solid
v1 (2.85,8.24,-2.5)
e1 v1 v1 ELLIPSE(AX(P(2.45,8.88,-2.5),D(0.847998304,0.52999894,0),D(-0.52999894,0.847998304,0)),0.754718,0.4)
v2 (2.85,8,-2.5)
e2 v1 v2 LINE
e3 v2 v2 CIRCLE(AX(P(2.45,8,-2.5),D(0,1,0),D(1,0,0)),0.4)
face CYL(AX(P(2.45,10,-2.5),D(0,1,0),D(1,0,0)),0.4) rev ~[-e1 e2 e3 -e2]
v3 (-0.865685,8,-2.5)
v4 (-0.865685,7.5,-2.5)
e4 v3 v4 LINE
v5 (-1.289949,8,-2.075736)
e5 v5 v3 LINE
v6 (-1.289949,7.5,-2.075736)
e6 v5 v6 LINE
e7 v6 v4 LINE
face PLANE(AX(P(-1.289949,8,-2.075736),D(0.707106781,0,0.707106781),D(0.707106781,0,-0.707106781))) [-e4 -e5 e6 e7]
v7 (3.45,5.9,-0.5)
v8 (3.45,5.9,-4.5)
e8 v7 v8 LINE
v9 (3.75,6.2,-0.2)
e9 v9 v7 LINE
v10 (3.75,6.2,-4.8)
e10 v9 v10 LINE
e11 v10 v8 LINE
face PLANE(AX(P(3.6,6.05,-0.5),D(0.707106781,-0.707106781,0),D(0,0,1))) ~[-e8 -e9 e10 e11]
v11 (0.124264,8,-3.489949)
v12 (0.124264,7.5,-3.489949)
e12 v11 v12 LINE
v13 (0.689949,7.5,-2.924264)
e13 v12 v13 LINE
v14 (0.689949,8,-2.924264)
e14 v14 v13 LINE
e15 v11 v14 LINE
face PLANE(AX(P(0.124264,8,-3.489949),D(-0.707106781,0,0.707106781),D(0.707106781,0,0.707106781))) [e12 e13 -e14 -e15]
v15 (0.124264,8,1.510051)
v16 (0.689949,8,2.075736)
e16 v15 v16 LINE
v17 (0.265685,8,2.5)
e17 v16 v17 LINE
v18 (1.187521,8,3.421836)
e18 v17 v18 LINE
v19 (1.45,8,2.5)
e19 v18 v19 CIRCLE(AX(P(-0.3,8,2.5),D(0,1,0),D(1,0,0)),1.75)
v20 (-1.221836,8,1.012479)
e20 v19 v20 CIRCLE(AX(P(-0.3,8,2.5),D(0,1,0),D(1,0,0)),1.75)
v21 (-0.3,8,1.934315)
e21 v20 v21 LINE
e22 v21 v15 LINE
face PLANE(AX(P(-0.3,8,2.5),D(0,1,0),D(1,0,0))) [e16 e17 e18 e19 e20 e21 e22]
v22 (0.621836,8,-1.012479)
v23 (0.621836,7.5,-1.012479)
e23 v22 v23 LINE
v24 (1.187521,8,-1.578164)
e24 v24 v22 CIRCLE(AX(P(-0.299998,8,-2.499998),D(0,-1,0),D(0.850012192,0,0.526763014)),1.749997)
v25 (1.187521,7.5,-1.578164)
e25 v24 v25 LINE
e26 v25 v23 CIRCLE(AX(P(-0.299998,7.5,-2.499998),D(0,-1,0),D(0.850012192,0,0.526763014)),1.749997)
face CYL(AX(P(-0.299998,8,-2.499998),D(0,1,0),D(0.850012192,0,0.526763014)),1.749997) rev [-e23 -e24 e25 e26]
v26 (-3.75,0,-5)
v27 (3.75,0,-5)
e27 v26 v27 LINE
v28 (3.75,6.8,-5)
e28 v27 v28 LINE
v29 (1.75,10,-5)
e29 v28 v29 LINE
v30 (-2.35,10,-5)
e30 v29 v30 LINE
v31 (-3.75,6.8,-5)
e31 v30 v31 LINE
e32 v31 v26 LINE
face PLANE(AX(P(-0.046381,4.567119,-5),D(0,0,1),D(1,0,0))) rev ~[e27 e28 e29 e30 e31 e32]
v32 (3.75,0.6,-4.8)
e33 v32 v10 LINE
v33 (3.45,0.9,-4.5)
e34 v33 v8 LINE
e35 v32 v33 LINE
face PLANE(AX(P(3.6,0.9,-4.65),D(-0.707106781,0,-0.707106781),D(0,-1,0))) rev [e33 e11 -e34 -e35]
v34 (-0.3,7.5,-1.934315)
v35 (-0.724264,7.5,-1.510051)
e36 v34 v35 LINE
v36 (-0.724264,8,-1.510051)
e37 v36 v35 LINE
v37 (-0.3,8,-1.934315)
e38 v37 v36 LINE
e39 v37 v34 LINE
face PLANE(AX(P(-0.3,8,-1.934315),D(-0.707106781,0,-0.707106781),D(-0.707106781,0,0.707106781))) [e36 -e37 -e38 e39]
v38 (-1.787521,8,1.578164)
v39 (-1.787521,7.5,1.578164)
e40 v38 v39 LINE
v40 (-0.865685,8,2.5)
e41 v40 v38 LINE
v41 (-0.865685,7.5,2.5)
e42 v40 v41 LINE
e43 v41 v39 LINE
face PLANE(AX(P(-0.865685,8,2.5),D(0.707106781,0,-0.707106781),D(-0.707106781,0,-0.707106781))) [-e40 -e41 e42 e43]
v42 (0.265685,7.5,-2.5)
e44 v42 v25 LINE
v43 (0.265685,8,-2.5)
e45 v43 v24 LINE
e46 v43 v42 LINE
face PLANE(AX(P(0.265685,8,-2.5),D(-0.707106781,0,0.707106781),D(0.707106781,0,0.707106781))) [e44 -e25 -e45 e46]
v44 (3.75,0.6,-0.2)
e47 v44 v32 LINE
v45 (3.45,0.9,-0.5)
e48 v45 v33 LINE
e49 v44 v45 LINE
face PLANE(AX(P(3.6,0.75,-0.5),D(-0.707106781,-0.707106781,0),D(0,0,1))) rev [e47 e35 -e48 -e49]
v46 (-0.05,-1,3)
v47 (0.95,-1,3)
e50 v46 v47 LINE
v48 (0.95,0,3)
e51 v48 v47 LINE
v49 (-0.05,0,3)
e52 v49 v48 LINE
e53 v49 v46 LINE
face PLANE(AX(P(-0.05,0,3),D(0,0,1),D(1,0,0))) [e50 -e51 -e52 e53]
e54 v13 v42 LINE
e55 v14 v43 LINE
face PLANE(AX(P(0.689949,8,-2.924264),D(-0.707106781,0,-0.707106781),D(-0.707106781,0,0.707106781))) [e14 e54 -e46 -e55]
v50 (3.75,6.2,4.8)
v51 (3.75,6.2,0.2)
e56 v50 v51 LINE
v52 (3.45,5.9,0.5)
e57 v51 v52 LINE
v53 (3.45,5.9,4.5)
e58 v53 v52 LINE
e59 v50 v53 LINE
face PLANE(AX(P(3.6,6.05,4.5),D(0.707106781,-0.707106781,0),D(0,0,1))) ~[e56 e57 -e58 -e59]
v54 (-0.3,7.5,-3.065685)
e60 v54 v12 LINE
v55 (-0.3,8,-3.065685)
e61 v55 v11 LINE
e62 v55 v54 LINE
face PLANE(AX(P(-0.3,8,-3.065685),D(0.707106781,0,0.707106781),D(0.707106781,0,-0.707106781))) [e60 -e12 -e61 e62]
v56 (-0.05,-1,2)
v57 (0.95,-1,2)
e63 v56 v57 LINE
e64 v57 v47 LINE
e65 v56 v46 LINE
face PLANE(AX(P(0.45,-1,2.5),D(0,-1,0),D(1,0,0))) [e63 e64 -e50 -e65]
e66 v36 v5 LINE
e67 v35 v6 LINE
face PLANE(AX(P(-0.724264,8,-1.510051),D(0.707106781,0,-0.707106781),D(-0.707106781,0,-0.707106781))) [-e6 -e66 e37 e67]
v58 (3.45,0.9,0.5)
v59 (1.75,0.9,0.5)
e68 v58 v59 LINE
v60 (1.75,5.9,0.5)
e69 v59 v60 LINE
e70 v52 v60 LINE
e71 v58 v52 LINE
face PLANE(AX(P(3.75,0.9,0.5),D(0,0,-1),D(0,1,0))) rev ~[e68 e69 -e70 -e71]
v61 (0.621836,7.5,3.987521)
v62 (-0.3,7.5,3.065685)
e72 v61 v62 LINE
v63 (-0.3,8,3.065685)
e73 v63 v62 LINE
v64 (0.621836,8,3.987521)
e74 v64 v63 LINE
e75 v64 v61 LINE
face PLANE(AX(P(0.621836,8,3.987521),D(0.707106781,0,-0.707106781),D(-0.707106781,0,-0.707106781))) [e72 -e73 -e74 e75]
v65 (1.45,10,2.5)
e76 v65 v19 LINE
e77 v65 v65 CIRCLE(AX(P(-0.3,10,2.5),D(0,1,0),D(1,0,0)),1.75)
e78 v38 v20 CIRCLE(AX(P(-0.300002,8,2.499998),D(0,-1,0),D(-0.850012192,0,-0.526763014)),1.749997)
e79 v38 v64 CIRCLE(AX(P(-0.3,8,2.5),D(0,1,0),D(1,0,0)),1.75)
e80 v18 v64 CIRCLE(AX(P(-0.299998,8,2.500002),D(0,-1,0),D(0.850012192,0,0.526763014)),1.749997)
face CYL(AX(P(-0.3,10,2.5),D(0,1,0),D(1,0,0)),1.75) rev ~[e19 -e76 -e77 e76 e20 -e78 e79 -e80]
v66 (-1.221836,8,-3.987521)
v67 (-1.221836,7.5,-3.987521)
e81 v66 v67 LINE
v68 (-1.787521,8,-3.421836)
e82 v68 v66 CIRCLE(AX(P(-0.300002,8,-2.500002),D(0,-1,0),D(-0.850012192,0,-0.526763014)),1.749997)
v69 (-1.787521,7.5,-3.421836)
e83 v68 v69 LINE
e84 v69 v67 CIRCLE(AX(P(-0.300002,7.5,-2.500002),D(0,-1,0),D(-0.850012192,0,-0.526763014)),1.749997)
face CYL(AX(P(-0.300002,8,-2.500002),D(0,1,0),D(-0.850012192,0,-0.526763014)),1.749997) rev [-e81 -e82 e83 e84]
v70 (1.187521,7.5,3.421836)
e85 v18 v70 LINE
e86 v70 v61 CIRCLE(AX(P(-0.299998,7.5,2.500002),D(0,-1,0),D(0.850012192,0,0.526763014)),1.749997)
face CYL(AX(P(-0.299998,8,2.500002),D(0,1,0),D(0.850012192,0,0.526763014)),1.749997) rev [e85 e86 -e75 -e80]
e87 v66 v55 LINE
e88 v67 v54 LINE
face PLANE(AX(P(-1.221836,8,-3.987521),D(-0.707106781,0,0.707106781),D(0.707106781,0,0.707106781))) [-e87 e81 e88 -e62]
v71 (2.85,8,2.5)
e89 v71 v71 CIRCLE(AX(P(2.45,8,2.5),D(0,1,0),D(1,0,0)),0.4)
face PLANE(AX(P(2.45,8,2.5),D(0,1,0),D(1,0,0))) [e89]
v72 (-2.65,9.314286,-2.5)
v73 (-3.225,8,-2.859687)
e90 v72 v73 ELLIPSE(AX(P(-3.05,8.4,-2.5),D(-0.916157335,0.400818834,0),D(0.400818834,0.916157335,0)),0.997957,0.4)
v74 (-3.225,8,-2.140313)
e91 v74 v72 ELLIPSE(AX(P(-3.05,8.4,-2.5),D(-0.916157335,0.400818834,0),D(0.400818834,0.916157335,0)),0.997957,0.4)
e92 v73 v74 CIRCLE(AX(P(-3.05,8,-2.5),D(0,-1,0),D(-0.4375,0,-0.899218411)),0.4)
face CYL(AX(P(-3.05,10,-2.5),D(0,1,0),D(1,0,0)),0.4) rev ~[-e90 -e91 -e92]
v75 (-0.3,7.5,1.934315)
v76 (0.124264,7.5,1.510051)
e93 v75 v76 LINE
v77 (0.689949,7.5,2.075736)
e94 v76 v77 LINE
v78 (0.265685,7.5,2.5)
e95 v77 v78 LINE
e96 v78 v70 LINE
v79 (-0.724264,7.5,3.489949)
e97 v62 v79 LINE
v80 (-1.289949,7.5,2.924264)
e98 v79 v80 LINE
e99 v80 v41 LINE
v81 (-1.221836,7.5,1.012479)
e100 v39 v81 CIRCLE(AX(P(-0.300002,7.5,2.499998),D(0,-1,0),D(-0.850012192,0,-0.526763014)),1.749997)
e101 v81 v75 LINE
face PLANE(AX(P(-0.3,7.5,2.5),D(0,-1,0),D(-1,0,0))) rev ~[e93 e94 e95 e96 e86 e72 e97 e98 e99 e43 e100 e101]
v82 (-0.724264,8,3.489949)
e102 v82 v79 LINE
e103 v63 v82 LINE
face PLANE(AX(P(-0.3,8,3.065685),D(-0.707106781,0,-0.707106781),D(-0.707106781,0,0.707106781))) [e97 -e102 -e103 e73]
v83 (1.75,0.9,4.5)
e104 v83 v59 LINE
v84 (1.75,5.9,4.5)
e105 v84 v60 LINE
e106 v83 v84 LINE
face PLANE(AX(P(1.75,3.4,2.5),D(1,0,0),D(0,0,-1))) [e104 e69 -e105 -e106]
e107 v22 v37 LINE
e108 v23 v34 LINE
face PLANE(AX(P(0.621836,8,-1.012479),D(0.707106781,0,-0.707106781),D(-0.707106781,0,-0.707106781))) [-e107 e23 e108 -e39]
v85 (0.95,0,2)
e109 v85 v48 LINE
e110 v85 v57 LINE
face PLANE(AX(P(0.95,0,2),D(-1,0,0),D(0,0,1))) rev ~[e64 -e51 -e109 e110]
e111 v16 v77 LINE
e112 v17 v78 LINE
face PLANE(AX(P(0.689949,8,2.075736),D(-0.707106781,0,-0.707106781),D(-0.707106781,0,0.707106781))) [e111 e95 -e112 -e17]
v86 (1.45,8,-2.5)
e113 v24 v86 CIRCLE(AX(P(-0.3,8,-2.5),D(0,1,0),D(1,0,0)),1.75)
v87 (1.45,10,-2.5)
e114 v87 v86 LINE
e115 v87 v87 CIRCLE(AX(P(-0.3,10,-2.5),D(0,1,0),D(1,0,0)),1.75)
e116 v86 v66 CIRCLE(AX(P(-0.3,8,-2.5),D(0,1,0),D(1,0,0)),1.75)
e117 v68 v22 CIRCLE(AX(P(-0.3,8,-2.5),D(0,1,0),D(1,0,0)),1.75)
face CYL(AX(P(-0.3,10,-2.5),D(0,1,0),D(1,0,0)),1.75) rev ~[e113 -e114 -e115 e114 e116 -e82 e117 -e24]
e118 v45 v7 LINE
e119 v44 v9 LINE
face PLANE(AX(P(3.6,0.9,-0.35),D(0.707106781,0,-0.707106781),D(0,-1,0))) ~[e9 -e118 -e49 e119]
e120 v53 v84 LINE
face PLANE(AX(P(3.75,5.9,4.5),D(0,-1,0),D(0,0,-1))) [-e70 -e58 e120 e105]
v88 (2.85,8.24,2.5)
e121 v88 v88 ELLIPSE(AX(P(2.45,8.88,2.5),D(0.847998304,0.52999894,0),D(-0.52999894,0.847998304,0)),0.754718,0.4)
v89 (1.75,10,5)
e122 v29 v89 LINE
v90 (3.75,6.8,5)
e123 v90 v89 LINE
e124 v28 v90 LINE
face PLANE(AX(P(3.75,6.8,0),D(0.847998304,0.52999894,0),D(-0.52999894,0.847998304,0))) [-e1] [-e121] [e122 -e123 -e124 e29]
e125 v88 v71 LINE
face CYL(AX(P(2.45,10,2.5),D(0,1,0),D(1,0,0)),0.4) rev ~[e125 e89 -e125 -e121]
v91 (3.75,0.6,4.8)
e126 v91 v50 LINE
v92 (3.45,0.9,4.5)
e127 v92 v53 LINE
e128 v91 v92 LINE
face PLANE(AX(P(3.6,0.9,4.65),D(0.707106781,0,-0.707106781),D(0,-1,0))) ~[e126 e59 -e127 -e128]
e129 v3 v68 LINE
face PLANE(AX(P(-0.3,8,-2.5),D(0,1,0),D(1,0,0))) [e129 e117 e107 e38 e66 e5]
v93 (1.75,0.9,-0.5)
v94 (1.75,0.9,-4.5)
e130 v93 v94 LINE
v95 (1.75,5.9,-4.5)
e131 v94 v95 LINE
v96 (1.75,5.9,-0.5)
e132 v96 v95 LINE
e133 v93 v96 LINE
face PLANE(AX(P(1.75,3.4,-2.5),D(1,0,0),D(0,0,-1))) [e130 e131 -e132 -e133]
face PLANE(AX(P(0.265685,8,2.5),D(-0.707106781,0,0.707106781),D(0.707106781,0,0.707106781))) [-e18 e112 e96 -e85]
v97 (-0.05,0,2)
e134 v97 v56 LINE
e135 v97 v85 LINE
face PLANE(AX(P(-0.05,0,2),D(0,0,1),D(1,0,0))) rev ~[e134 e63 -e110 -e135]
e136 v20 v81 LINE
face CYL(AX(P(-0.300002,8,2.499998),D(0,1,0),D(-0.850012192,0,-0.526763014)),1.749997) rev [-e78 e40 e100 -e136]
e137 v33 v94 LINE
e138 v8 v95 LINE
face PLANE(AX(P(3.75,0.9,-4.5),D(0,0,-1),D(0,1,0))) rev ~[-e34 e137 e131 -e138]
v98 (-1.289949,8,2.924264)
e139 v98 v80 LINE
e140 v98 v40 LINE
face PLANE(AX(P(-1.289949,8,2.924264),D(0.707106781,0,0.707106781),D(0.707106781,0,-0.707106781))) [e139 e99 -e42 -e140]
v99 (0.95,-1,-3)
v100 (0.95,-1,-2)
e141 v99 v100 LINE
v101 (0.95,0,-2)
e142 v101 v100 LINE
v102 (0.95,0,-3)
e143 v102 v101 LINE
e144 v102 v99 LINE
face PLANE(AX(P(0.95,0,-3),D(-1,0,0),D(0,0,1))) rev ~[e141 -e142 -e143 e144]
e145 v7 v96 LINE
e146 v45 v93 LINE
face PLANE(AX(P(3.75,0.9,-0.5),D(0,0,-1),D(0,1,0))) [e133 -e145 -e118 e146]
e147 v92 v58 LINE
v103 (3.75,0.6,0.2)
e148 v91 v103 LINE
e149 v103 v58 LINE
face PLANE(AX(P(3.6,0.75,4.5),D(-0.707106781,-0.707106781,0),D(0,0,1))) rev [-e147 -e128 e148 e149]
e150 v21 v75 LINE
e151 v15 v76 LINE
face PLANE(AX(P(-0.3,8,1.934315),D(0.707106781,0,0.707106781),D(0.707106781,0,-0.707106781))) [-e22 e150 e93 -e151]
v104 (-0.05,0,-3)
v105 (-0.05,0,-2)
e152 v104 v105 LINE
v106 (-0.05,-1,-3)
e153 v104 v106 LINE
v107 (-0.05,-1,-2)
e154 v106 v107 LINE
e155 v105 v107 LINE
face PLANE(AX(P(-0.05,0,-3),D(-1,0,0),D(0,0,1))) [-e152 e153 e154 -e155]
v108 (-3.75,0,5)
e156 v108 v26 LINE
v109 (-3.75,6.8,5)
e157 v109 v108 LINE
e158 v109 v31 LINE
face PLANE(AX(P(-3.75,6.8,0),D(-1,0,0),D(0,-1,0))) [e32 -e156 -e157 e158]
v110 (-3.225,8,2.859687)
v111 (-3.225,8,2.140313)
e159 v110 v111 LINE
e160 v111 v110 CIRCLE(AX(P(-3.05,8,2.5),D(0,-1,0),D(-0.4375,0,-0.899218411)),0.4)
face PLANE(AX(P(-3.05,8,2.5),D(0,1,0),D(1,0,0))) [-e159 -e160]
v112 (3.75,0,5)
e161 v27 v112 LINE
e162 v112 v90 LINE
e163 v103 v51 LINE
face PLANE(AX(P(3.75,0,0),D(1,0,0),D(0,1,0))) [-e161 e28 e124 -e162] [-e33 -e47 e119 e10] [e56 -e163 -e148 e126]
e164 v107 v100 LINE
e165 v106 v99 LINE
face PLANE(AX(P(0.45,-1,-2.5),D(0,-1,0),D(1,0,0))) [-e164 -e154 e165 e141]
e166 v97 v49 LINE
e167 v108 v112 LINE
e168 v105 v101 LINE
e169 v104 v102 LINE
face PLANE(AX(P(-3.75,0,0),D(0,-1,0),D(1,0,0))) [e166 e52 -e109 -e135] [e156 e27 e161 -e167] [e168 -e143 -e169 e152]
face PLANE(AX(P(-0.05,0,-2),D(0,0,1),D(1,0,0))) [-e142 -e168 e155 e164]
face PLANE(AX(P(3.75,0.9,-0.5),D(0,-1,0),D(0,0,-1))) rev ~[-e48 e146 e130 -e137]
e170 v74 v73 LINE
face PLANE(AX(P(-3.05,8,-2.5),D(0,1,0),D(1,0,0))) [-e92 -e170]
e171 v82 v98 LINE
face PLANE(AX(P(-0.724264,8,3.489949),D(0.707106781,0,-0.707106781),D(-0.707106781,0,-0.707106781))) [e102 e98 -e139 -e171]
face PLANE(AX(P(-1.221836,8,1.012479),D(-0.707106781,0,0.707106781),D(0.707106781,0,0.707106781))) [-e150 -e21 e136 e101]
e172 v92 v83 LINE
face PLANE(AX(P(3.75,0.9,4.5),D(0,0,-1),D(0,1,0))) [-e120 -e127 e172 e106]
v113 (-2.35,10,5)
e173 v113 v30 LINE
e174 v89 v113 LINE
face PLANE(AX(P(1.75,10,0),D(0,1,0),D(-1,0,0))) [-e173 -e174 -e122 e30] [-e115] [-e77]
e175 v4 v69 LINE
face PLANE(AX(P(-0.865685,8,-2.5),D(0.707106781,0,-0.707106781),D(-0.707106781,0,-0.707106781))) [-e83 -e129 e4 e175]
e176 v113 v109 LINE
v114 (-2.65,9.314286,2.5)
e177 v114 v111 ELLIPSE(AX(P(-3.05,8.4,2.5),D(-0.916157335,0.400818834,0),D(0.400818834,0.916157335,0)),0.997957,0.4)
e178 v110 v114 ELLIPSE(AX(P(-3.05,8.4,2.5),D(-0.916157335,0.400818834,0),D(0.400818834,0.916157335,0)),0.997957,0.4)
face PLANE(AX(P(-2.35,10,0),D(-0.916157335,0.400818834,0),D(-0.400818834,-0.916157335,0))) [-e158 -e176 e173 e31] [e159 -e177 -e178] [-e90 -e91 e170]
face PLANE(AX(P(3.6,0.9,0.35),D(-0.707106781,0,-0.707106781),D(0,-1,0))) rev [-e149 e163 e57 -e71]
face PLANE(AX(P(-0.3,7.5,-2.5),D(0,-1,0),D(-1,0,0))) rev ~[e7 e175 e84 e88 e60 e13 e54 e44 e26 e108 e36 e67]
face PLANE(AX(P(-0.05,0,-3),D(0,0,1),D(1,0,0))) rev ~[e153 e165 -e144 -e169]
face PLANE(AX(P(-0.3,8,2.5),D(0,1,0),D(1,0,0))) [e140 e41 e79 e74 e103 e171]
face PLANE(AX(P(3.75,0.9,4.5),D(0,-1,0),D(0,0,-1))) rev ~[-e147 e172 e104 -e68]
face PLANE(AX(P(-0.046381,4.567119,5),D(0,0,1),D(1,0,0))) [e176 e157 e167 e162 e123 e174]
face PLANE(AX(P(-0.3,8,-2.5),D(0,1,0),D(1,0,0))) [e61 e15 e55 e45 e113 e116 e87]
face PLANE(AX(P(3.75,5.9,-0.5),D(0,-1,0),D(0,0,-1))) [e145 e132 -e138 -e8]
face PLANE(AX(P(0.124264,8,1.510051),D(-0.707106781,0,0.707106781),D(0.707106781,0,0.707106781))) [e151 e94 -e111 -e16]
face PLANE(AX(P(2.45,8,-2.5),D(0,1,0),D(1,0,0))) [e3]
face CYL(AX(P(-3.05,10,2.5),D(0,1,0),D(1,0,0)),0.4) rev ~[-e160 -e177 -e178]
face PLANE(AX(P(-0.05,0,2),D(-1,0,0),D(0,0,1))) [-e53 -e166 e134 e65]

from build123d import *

# Parameters (mm, degrees)
BOSS_EXTRUDE1_DEPTH = 5
SKETCH2_W           = 1
SKETCH2_H           = 1
BOSS_EXTRUDE2_DEPTH = 1
SKETCH3_W           = 4
SKETCH3_H           = 5
CUT_EXTRUDE1_DEPTH  = 2
SKETCH4_R           = 1.75
SKETCH4_R_2         = 0.4
CUT_EXTRUDE2_DEPTH  = 2
CUT_EXTRUDE3_DEPTH  = 0.5
CHAMFER1_SIZE       = 0.3


with BuildPart() as part:
    # Sketch1 → Boss-Extrude1 (new body, symmetric)
    with BuildSketch(Plane.XY):
        Polygon((-3.75, 0), (3.75, 0), (3.75, 6.8), (1.75, 10), (-2.35, 10), (-3.75, 6.8), align=None)
    extrude(amount=BOSS_EXTRUDE1_DEPTH, both=True)

    # Sketch2 → Boss-Extrude2 (add)
    with BuildSketch(Plane.XZ):
        with Locations((0.45, 2.5)):
            Rectangle(SKETCH2_W, SKETCH2_H)
        with Locations((0.45, -2.5)):
            Rectangle(SKETCH2_W, SKETCH2_H)
    extrude(amount=BOSS_EXTRUDE2_DEPTH)

    # Sketch3 → Cut-Extrude1 (cut)
    with BuildSketch(Plane(origin=(3.75, 0, 0), x_dir=(0, 0, -1), z_dir=(1, 0, 0))):
        with Locations((-2.5, 3.4)):
            Rectangle(SKETCH3_W, SKETCH3_H)
        with Locations((2.5, 3.4)):
            Rectangle(SKETCH3_W, SKETCH3_H)
    extrude(amount=-CUT_EXTRUDE1_DEPTH, mode=Mode.SUBTRACT)

    # Sketch4 → Cut-Extrude2 (cut)
    with BuildSketch(Plane(origin=(0, 10, 0), x_dir=(1, 0, 0), z_dir=(0, 1, 0))):
        with Locations((-0.3, 2.5)):
            Circle(SKETCH4_R)
        with Locations((-0.3, -2.5)):
            Circle(SKETCH4_R)
        with Locations((2.45, 2.5)):
            Circle(SKETCH4_R_2)
        with Locations((2.45, -2.5)):
            Circle(SKETCH4_R_2)
        with Locations((-3.05, 2.5)):
            Circle(SKETCH4_R_2)
        with Locations((-3.05, -2.5)):
            Circle(SKETCH4_R_2)
    extrude(amount=-CUT_EXTRUDE2_DEPTH, mode=Mode.SUBTRACT)

    # Sketch5 → Cut-Extrude3 (cut)
    with BuildSketch(Plane(origin=(0, 8, 0), x_dir=(1, 0, 0), z_dir=(0, 1, 0))):
        with BuildLine():
            Line((-1.221836, -1.012479), (-0.3, -1.934315))
            Line((-0.3, -1.934315), (0.124264, -1.510051))
            Line((0.124264, -1.510051), (0.689949, -2.075736))
            Line((0.689949, -2.075736), (0.265685, -2.5))
            Line((0.265685, -2.5), (1.187521, -3.421836))
            ThreePointArc((1.187521, -3.421836), (0.937437, -3.737437), (0.621836, -3.987521))
            Line((0.621836, -3.987521), (-0.3, -3.065685))
            Line((-0.3, -3.065685), (-0.724264, -3.489949))
            Line((-0.724264, -3.489949), (-1.289949, -2.924264))
            Line((-1.289949, -2.924264), (-0.865685, -2.5))
            Line((-0.865685, -2.5), (-1.787521, -1.578164))
            ThreePointArc((-1.787521, -1.578164), (-1.537437, -1.262563), (-1.221836, -1.012479))
        make_face()
        with BuildLine():
            Line((-1.221836, 3.987521), (-0.3, 3.065685))
            Line((-0.3, 3.065685), (0.124264, 3.489949))
            Line((0.124264, 3.489949), (0.689949, 2.924264))
            Line((0.689949, 2.924264), (0.265685, 2.5))
            Line((0.265685, 2.5), (1.187521, 1.578164))
            ThreePointArc((1.187521, 1.578164), (0.937437, 1.262563), (0.621836, 1.012479))
            Line((0.621836, 1.012479), (-0.3, 1.934315))
            Line((-0.3, 1.934315), (-0.724264, 1.510051))
            Line((-0.724264, 1.510051), (-1.289949, 2.075736))
            Line((-1.289949, 2.075736), (-0.865685, 2.5))
            Line((-0.865685, 2.5), (-1.787521, 3.421836))
            ThreePointArc((-1.787521, 3.421836), (-1.537437, 3.737437), (-1.221836, 3.987521))
        make_face()
        with BuildLine():
            Line((-1.221836, -6.012479), (-0.3, -6.934315))
            Line((-0.3, -6.934315), (0.124264, -6.510051))
            Line((0.124264, -6.510051), (0.689949, -7.075736))
            Line((0.689949, -7.075736), (0.265685, -7.5))
            Line((0.265685, -7.5), (1.187521, -8.421836))
            ThreePointArc((1.187521, -8.421836), (0.937437, -8.737437), (0.621836, -8.987521))
            Line((0.621836, -8.987521), (-0.3, -8.065685))
            Line((-0.3, -8.065685), (-0.724264, -8.489949))
            Line((-0.724264, -8.489949), (-1.289949, -7.924264))
            Line((-1.289949, -7.924264), (-0.865685, -7.5))
            Line((-0.865685, -7.5), (-1.787521, -6.578164))
            ThreePointArc((-1.787521, -6.578164), (-1.537437, -6.262563), (-1.221836, -6.012479))
        make_face()
    extrude(amount=-CUT_EXTRUDE3_DEPTH, mode=Mode.SUBTRACT)

    # Chamfer1
    chamfer1_edges = [part.edges().sort_by_distance(p)[0] for p in [
        (3.75, 3.4, 4.5),
        (3.75, 0.9, 2.5),
        (3.75, 3.4, 0.5),
        (3.75, 5.9, 2.5),
        (3.75, 3.4, -0.5),
        (3.75, 0.9, -2.5),
        (3.75, 3.4, -4.5),
        (3.75, 5.9, -2.5),
    ]]
    chamfer(chamfer1_edges, length=CHAMFER1_SIZE)


solid = part.part
